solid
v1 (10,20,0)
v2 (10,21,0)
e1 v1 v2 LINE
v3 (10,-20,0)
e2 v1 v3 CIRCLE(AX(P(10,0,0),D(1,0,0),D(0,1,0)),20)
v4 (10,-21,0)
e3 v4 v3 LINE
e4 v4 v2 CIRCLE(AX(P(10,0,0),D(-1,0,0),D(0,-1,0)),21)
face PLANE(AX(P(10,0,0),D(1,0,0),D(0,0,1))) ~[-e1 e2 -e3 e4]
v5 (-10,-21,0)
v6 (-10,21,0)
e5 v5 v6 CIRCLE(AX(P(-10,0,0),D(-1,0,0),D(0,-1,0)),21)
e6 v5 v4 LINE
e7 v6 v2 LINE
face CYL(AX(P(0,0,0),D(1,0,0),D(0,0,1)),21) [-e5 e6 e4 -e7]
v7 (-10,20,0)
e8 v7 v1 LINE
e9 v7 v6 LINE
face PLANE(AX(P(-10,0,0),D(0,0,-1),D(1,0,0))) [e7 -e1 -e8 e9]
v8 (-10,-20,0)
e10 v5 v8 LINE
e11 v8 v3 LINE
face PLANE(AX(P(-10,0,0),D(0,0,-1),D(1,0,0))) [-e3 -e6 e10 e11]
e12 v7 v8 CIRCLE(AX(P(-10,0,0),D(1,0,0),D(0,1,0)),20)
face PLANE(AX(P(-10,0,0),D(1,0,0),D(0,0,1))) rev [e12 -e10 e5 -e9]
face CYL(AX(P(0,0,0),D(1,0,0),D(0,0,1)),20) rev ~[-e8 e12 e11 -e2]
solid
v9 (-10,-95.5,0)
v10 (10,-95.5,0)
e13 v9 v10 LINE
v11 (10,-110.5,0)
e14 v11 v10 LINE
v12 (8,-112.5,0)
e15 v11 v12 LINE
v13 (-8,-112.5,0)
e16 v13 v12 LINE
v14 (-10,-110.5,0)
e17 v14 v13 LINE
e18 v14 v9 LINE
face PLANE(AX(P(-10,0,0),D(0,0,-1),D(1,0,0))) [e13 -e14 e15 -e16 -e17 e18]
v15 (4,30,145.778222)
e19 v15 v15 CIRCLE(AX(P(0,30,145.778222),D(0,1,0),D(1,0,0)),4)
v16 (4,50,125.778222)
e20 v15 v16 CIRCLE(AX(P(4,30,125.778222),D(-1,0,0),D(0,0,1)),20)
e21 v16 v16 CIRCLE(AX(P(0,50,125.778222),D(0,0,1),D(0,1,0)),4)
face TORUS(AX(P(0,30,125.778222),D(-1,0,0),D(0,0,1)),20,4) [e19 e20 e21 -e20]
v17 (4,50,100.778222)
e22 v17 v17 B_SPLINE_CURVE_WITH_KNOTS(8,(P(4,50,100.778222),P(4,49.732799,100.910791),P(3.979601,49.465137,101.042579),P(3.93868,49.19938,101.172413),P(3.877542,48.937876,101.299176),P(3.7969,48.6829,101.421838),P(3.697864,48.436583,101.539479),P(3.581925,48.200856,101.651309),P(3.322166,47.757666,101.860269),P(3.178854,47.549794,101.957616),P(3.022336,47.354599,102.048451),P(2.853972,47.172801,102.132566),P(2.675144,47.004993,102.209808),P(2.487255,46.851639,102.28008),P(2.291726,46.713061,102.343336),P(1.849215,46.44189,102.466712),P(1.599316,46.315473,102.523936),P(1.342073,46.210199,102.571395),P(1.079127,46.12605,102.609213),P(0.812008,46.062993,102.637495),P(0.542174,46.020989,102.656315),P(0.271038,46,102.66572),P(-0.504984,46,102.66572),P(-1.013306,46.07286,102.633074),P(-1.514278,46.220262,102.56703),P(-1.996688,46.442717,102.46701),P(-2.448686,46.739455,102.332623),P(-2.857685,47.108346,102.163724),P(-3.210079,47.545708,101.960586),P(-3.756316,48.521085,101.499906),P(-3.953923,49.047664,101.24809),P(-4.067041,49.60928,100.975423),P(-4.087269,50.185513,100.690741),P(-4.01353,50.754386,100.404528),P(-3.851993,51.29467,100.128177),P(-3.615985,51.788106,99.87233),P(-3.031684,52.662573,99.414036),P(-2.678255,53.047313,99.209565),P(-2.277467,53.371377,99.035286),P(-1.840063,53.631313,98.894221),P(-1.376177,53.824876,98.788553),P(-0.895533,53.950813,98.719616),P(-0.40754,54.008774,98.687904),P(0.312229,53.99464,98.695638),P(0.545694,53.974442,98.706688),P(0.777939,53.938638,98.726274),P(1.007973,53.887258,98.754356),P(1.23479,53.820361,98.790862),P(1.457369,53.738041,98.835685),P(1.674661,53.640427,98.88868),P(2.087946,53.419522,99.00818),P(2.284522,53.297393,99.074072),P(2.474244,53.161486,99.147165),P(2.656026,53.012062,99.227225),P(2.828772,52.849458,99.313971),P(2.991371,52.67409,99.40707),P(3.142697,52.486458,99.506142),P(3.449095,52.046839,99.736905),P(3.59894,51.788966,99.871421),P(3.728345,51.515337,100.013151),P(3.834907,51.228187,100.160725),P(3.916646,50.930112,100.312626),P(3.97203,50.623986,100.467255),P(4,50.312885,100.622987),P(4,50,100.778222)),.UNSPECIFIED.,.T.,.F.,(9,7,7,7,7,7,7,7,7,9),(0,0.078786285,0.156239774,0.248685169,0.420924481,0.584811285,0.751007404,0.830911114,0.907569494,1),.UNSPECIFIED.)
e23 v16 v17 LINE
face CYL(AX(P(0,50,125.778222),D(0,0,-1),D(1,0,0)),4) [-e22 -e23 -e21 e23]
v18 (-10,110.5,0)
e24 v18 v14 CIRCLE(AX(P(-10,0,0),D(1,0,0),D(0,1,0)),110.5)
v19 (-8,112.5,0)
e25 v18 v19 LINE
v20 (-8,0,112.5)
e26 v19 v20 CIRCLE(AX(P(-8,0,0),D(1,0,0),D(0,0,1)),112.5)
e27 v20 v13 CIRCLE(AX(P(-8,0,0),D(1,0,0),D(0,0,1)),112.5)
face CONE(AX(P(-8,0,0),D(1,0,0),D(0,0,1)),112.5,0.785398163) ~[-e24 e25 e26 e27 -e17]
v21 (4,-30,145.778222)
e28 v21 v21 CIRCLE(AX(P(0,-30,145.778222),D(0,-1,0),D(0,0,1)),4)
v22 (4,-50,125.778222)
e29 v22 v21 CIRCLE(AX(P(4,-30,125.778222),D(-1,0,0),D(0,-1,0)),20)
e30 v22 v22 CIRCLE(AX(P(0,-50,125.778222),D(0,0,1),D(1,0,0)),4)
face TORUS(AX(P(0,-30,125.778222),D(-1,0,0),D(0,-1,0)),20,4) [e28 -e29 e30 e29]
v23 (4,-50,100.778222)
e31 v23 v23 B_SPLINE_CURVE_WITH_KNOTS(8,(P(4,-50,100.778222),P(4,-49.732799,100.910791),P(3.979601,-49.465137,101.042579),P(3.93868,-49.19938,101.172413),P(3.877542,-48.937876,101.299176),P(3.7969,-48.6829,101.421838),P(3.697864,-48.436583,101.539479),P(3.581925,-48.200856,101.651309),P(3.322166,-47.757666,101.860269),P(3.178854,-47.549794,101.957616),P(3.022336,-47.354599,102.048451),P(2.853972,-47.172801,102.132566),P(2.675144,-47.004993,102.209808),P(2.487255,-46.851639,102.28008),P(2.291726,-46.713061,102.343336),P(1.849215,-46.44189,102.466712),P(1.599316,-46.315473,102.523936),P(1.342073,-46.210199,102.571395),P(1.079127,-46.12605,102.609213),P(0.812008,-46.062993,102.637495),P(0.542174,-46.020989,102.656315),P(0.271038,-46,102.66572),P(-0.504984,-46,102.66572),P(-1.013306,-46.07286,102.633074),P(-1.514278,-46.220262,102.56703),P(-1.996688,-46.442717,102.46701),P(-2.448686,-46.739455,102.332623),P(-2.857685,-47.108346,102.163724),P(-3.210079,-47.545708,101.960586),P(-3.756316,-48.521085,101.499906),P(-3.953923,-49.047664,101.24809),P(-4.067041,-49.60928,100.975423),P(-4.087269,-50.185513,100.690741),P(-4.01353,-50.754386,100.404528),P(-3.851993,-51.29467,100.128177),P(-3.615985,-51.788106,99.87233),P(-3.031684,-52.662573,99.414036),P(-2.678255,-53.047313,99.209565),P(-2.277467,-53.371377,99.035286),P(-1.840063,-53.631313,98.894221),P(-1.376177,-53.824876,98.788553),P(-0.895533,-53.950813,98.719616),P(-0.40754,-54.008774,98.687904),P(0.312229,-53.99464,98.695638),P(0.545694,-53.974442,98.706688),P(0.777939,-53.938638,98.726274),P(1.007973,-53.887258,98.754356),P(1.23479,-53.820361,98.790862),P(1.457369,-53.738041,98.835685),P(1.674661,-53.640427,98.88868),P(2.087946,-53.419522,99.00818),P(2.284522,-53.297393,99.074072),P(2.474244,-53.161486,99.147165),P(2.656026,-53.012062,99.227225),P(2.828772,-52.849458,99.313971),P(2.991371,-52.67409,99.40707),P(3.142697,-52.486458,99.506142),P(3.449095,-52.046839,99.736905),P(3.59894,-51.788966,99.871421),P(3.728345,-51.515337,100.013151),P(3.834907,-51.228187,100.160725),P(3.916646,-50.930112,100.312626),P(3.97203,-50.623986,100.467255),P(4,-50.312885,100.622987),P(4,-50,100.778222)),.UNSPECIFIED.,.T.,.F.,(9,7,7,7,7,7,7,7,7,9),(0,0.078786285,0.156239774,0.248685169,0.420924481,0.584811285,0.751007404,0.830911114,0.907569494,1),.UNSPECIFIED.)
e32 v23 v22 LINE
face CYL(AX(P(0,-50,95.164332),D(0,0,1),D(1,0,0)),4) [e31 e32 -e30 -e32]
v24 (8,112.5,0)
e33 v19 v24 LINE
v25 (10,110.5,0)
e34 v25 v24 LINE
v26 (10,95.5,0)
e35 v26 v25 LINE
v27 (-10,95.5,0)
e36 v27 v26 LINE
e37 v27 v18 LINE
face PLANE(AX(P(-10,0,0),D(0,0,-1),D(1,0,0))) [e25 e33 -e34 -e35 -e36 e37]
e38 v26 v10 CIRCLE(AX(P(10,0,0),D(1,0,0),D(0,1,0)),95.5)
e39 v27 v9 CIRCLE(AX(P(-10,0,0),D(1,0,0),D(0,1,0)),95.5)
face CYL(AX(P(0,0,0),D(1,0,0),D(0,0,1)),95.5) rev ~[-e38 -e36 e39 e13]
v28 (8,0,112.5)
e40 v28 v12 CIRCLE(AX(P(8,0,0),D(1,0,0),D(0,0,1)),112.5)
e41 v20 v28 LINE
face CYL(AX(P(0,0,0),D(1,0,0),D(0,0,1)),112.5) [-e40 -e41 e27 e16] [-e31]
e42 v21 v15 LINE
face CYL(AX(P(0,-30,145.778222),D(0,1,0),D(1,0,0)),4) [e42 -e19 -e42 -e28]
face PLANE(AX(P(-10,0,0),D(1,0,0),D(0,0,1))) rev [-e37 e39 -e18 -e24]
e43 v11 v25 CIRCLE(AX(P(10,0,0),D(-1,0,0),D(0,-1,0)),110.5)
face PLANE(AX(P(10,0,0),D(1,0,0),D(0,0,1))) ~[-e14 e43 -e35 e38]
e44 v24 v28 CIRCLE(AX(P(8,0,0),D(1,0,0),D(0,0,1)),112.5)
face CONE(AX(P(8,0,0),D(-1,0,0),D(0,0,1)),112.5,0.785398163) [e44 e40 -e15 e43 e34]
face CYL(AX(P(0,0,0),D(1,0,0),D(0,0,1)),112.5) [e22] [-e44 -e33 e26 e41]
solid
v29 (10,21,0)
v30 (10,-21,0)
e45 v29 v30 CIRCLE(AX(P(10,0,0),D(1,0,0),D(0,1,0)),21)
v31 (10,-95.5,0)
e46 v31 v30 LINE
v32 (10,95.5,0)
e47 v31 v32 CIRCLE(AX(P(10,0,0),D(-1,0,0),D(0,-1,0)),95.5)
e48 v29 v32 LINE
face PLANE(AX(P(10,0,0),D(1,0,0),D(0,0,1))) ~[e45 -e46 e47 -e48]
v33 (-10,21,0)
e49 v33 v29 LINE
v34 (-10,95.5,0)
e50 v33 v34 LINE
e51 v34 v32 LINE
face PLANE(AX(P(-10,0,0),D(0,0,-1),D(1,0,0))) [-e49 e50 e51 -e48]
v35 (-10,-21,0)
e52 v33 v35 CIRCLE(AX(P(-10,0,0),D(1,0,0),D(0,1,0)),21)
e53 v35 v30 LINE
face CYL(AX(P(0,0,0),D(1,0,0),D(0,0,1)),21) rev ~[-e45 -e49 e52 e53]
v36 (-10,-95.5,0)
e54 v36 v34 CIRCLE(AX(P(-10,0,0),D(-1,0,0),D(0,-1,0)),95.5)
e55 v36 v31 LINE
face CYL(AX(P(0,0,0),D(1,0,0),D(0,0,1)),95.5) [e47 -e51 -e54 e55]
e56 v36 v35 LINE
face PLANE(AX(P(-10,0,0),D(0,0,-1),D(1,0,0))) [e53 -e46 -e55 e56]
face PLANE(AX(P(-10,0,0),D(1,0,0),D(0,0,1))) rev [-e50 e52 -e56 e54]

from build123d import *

# Parameters (mm, degrees)
F0_W           = 20
F0_H           = 1
F2_W           = 20
F2_H           = 74.5
F4_W           = 20
F4_H           = 17
F8_R           = 4
F10_SIZE       = 2
F11_W          = 20
F11_H          = 115
F12_DEPTH      = 112.5010001
F12_DEPTH_BACK = 112.5010001


with BuildPart() as f1:
    # F0 (on Front) → F1 (revolve)
    with BuildSketch(Plane.XZ):
        with Locations((0, 20.5)):
            Rectangle(F0_W, F0_H)
    revolve(axis=Axis((0, 0, 0), (1, 0, 0)))


with BuildPart() as f3:
    # F2 (on Front) → F3 (revolve)
    with BuildSketch(Plane.XZ):
        with Locations((0, 58.25)):
            Rectangle(F2_W, F2_H)
    revolve(axis=Axis((0, 0, 0), (1, 0, 0)))


with BuildPart() as f5:
    # F4 (on Front) → F5 (revolve)
    with BuildSketch(Plane.XZ):
        with Locations((0, 104)):
            Rectangle(F4_W, F4_H)
    revolve(axis=Axis((0, 0, 0), (1, 0, 0)))

    # F9: sweep along a path in F6
    with BuildLine(Plane.YZ) as f9_path:
        Line((-50, 95.1643315534), (-50, 125.7782218537))
        ThreePointArc((-50, 125.7782218537), (-44.1421356237, 139.9203574775), (-30, 145.7782218537))
        Line((-30, 145.7782218537), (30, 145.7782218537))
        ThreePointArc((30, 145.7782218537), (44.1421356237, 139.9203574775), (50, 125.7782218537))
        Line((50, 125.7782218537), (50, 95.1643315534))
    # F8 (on plane+point) → F9 (sweep)
    with BuildSketch(Plane.XY.offset(95.1643315534)):
        with Locations((0, -50)):
            Circle(F8_R)
    sweep(path=f9_path.line)

    # F10
    f10_edges = [f5.edges().sort_by_distance(p)[0] for p in [
        (10, 0, -112.5),
        (-10, 0, -112.5),
    ]]
    chamfer(f10_edges, length=F10_SIZE)


with BuildPart() as f12_tool:
    # F11 (on Front) → F12 (new body, two sides)
    with BuildSketch(Plane.XZ) as f12_sk:
        with Locations((0, -57.5)):
            Rectangle(F11_W, F11_H)
    extrude(amount=F12_DEPTH)
    extrude(f12_sk.sketch, amount=-F12_DEPTH_BACK)


with BuildPart() as f1_1:
    add(f1.part)

    # F12: cut by f12_tool
    add(f12_tool.part, mode=Mode.SUBTRACT)


with BuildPart() as f3_1:
    add(f3.part)

    # F12: cut by f12_tool
    add(f12_tool.part, mode=Mode.SUBTRACT)


with BuildPart() as f5_1:
    add(f5.part)

    # F12: cut by f12_tool
    add(f12_tool.part, mode=Mode.SUBTRACT)


solid = Compound([f1_1.part, f3_1.part, f5_1.part])
